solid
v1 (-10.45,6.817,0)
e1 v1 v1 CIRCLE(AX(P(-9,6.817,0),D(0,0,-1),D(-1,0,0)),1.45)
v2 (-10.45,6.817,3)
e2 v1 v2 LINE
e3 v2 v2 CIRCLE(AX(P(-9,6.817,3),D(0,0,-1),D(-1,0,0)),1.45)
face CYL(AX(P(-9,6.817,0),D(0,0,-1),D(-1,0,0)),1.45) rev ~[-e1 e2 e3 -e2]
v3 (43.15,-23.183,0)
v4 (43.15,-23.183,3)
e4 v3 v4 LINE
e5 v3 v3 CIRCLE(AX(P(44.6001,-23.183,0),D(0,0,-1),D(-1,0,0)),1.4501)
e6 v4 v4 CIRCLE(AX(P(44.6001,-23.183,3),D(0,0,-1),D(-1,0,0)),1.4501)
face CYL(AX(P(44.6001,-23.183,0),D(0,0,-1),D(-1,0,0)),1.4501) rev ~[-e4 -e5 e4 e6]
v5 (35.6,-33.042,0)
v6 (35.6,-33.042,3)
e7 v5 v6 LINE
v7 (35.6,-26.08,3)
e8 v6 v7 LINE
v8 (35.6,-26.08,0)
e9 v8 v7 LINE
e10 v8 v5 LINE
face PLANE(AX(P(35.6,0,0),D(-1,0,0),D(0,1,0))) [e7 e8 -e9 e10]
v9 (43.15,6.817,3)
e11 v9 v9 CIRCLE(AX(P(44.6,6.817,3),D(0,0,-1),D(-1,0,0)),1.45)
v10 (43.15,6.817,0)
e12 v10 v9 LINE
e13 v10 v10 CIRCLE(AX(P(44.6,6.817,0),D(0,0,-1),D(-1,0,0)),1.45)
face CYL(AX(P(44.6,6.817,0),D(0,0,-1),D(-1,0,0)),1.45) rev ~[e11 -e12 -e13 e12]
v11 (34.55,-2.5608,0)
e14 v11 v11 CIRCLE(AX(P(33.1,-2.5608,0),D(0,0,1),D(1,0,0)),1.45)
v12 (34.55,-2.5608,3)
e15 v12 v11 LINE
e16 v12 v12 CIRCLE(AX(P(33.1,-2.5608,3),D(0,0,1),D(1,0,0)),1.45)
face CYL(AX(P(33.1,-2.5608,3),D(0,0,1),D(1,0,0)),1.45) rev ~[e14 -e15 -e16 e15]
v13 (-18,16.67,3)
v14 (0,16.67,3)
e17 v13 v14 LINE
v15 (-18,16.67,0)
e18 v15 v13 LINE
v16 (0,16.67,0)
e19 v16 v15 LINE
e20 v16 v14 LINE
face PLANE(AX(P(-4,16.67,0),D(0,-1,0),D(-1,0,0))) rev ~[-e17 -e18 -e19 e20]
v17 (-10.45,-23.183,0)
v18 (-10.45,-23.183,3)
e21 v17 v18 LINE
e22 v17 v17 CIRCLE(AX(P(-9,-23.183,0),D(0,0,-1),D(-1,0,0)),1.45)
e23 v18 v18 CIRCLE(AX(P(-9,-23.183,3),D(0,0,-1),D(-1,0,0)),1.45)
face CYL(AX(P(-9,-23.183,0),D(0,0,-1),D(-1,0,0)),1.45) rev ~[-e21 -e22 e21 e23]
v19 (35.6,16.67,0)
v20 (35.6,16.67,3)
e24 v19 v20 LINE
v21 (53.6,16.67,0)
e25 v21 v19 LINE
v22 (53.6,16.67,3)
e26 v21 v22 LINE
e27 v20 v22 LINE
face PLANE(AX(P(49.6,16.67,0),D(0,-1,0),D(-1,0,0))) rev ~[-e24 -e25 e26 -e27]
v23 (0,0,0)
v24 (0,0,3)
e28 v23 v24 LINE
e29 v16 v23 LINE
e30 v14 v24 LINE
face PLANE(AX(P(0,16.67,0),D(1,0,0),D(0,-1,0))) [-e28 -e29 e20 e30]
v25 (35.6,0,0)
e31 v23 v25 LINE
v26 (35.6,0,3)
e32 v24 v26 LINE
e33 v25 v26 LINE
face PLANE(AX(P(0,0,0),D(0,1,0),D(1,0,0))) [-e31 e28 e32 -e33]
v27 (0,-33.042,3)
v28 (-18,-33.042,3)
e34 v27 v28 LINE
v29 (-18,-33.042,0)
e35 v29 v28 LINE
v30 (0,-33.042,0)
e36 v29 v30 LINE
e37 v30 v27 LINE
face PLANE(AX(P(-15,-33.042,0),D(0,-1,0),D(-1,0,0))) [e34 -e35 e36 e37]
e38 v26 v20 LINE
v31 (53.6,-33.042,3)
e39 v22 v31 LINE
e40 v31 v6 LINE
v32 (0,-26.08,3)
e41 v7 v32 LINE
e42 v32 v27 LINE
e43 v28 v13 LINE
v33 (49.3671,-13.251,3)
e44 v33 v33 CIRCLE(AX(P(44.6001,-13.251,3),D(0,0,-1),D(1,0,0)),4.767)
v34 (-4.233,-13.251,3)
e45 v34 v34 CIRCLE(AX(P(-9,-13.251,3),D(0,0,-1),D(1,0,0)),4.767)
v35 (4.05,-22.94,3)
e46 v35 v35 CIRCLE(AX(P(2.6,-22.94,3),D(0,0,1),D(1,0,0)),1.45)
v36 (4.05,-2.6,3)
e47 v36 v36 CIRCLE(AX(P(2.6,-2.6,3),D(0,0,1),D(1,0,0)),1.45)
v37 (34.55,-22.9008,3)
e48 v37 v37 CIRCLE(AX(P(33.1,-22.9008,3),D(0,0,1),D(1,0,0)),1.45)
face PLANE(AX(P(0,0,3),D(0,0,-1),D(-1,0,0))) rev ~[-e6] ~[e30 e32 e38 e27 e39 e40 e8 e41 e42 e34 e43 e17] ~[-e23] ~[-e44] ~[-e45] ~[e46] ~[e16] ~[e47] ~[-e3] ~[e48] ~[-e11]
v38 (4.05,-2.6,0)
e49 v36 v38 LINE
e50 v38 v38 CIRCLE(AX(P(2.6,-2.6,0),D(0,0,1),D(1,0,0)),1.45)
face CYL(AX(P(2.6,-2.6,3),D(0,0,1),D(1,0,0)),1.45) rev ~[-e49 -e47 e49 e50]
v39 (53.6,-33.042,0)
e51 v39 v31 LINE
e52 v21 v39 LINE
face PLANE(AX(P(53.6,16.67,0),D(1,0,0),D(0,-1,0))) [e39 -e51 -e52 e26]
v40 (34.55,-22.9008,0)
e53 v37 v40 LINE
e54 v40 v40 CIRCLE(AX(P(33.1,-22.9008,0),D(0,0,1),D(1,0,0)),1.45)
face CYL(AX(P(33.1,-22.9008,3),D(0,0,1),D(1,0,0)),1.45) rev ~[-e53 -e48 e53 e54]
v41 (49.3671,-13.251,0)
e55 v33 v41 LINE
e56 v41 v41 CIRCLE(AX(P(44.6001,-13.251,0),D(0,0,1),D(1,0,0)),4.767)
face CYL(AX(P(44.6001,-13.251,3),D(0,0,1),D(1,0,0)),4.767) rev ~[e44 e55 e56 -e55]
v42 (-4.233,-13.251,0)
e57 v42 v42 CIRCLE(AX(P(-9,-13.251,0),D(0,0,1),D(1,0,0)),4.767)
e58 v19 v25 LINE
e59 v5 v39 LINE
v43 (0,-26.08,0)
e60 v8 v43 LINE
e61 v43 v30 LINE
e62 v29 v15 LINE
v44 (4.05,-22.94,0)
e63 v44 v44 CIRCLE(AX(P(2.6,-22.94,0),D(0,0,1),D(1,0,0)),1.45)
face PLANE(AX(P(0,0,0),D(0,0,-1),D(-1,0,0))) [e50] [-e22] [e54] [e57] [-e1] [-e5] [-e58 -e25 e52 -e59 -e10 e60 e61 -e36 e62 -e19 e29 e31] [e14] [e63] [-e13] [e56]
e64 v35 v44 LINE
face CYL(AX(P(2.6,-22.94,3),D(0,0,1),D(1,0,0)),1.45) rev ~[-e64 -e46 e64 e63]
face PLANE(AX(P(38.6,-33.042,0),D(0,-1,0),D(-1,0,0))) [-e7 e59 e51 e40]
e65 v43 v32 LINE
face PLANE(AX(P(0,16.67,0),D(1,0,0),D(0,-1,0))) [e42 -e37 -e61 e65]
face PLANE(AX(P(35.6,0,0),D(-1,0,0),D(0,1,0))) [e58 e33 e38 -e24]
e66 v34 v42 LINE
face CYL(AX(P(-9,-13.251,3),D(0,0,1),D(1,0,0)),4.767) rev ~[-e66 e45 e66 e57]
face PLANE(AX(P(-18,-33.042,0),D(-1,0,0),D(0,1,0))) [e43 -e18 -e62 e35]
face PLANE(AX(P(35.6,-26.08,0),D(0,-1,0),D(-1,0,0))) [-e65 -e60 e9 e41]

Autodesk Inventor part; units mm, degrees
ref_plane "YZ Plane" through (0, 0, 0) normal (1, 0, 0) x (0, 1, 0)
ref_plane "Work Plane1" through (0, 0, 0) normal (0, 0, 1) x (1, 0, 0)
sketch "Sketch1" plane through (0, 0, 0) normal (0, 0, 1) x (1, 0, 0)
  line L0 (0, -26.08) -> (0, 0) projected
  line L1 (35.6, -26.08) -> (0, -26.08) projected
  line L2 (35.6, 0) -> (35.6, -26.08) projected
  line L3 (0, 0) -> (35.6, 0) projected
  point P0 (33.1, -3.1792)
  point P1 (33.1, -23.5192)
  point P2 (2.6, -23.48)
  point P3 (2.6, -3.14)
extrude "Extrusion1" add sketch "Sketch1" along normal blind 3
sketch "Sketch2" plane through (0, 0, 0) normal (0, 0, -1) x (-1, 0, 0)
  line L0 (-49.6, 16.67) -> (-39.6, 16.67) projected
  line L1 (-39.6, 16.67) -> (-35.6, 16.67) projected
  line L2 (-49.6, 16.67) -> (-53.6, 16.67) projected
  line L3 (-50.6, -33.042) -> (-53.6, -33.042) projected
  line L4 (-38.6, -33.042) -> (-35.6, -33.042) projected
  line L5 (4, 16.67) -> (0, 16.67) projected
  line L6 (4, 16.67) -> (14, 16.67) projected
  line L7 (14, 16.67) -> (18, 16.67) projected
  line L8 (15, -33.042) -> (18, -33.042) projected
  line L9 (3, -33.042) -> (0, -33.042) projected
  line L10 (0, 16.67) -> (0, -33.042) projected
  line L11 (-35.6, -33.042) -> (-35.6, 16.67) projected
  circle A0 centre (-44.6, 6.817) radius 1.45 projected
  circle A1 centre (-44.6001, -23.183) radius 1.4501 projected
  circle A2 centre (9, -23.183) radius 1.45 projected
  circle A3 centre (9, 6.817) radius 1.45 projected
  line L12 (-53.6, 16.67) -> (-53.6, -33.042) projected
  line L13 (-35.6, -26.08) -> (-35.6, 0) projected
  line L14 (-35.6, 0) -> (-35.6, -26.08)
  line L15 (-38.6, -33.042) -> (-50.6, -33.042)
  line L16 (3, -33.042) -> (15, -33.042)
  line L17 (18, -33.042) -> (18, 16.67)
  point P0 (0, 0)
ref_plane "Work Plane2" through (0, -26.08, 3) normal (0, 0, -1) x (0, 1, 0)
extrude "Extrusion2" add sketch "Sketch2" against normal up to surface (3 mm away)
sketch "Sketch3" plane through (0, 0, 3) normal (0, 0, 1) x (1, 0, 0)
  circle A0 centre (2.6, -22.94) radius 1.6 projected
  circle A1 centre (33.1, -22.9008) radius 1.6 projected
  circle A2 centre (33.1, -2.5608) radius 1.6 projected
  circle A3 centre (2.6, -2.6) radius 1.6 projected
  circle A4 centre (2.6, -2.6) radius 1.45
  circle A5 centre (2.6, -22.94) radius 1.45
  circle A6 centre (33.1, -22.9008) radius 1.45
  circle A7 centre (33.1, -2.5608) radius 1.45
  point P0 (0, 0)
  dimension "d8" = 2.9
  dimension "d9" = 2.9
  dimension "d10" = 2.9
  dimension "d11" = 2.9
extrude "Extrusion3" cut sketch "Sketch3" against normal through all contours A4 | A5 | A6 | A7
sketch "Sketch4" plane through (0, 0, 3) normal (0, 0, 1) x (1, 0, 0)
  circle A0 centre (-9, -23.183) radius 1.45 projected
  line L0 (-9, -23.183) -> (-9, -13.251)
  circle A1 centre (-9, -13.251) radius 4.767
  circle A2 centre (44.6001, -23.183) radius 1.4501 projected
  line L1 (44.6001, -23.183) -> (44.6001, -13.251)
  circle A3 centre (44.6001, -13.251) radius 4.767
  point P0 (0, 0)
  dimension "d14" = 9.932
  dimension "d15" = 9.534
  dimension "d16" = 9.534
extrude "Extrusion4" cut sketch "Sketch4" against normal through all contours A1 | A3
properties part number "gps_plate"
